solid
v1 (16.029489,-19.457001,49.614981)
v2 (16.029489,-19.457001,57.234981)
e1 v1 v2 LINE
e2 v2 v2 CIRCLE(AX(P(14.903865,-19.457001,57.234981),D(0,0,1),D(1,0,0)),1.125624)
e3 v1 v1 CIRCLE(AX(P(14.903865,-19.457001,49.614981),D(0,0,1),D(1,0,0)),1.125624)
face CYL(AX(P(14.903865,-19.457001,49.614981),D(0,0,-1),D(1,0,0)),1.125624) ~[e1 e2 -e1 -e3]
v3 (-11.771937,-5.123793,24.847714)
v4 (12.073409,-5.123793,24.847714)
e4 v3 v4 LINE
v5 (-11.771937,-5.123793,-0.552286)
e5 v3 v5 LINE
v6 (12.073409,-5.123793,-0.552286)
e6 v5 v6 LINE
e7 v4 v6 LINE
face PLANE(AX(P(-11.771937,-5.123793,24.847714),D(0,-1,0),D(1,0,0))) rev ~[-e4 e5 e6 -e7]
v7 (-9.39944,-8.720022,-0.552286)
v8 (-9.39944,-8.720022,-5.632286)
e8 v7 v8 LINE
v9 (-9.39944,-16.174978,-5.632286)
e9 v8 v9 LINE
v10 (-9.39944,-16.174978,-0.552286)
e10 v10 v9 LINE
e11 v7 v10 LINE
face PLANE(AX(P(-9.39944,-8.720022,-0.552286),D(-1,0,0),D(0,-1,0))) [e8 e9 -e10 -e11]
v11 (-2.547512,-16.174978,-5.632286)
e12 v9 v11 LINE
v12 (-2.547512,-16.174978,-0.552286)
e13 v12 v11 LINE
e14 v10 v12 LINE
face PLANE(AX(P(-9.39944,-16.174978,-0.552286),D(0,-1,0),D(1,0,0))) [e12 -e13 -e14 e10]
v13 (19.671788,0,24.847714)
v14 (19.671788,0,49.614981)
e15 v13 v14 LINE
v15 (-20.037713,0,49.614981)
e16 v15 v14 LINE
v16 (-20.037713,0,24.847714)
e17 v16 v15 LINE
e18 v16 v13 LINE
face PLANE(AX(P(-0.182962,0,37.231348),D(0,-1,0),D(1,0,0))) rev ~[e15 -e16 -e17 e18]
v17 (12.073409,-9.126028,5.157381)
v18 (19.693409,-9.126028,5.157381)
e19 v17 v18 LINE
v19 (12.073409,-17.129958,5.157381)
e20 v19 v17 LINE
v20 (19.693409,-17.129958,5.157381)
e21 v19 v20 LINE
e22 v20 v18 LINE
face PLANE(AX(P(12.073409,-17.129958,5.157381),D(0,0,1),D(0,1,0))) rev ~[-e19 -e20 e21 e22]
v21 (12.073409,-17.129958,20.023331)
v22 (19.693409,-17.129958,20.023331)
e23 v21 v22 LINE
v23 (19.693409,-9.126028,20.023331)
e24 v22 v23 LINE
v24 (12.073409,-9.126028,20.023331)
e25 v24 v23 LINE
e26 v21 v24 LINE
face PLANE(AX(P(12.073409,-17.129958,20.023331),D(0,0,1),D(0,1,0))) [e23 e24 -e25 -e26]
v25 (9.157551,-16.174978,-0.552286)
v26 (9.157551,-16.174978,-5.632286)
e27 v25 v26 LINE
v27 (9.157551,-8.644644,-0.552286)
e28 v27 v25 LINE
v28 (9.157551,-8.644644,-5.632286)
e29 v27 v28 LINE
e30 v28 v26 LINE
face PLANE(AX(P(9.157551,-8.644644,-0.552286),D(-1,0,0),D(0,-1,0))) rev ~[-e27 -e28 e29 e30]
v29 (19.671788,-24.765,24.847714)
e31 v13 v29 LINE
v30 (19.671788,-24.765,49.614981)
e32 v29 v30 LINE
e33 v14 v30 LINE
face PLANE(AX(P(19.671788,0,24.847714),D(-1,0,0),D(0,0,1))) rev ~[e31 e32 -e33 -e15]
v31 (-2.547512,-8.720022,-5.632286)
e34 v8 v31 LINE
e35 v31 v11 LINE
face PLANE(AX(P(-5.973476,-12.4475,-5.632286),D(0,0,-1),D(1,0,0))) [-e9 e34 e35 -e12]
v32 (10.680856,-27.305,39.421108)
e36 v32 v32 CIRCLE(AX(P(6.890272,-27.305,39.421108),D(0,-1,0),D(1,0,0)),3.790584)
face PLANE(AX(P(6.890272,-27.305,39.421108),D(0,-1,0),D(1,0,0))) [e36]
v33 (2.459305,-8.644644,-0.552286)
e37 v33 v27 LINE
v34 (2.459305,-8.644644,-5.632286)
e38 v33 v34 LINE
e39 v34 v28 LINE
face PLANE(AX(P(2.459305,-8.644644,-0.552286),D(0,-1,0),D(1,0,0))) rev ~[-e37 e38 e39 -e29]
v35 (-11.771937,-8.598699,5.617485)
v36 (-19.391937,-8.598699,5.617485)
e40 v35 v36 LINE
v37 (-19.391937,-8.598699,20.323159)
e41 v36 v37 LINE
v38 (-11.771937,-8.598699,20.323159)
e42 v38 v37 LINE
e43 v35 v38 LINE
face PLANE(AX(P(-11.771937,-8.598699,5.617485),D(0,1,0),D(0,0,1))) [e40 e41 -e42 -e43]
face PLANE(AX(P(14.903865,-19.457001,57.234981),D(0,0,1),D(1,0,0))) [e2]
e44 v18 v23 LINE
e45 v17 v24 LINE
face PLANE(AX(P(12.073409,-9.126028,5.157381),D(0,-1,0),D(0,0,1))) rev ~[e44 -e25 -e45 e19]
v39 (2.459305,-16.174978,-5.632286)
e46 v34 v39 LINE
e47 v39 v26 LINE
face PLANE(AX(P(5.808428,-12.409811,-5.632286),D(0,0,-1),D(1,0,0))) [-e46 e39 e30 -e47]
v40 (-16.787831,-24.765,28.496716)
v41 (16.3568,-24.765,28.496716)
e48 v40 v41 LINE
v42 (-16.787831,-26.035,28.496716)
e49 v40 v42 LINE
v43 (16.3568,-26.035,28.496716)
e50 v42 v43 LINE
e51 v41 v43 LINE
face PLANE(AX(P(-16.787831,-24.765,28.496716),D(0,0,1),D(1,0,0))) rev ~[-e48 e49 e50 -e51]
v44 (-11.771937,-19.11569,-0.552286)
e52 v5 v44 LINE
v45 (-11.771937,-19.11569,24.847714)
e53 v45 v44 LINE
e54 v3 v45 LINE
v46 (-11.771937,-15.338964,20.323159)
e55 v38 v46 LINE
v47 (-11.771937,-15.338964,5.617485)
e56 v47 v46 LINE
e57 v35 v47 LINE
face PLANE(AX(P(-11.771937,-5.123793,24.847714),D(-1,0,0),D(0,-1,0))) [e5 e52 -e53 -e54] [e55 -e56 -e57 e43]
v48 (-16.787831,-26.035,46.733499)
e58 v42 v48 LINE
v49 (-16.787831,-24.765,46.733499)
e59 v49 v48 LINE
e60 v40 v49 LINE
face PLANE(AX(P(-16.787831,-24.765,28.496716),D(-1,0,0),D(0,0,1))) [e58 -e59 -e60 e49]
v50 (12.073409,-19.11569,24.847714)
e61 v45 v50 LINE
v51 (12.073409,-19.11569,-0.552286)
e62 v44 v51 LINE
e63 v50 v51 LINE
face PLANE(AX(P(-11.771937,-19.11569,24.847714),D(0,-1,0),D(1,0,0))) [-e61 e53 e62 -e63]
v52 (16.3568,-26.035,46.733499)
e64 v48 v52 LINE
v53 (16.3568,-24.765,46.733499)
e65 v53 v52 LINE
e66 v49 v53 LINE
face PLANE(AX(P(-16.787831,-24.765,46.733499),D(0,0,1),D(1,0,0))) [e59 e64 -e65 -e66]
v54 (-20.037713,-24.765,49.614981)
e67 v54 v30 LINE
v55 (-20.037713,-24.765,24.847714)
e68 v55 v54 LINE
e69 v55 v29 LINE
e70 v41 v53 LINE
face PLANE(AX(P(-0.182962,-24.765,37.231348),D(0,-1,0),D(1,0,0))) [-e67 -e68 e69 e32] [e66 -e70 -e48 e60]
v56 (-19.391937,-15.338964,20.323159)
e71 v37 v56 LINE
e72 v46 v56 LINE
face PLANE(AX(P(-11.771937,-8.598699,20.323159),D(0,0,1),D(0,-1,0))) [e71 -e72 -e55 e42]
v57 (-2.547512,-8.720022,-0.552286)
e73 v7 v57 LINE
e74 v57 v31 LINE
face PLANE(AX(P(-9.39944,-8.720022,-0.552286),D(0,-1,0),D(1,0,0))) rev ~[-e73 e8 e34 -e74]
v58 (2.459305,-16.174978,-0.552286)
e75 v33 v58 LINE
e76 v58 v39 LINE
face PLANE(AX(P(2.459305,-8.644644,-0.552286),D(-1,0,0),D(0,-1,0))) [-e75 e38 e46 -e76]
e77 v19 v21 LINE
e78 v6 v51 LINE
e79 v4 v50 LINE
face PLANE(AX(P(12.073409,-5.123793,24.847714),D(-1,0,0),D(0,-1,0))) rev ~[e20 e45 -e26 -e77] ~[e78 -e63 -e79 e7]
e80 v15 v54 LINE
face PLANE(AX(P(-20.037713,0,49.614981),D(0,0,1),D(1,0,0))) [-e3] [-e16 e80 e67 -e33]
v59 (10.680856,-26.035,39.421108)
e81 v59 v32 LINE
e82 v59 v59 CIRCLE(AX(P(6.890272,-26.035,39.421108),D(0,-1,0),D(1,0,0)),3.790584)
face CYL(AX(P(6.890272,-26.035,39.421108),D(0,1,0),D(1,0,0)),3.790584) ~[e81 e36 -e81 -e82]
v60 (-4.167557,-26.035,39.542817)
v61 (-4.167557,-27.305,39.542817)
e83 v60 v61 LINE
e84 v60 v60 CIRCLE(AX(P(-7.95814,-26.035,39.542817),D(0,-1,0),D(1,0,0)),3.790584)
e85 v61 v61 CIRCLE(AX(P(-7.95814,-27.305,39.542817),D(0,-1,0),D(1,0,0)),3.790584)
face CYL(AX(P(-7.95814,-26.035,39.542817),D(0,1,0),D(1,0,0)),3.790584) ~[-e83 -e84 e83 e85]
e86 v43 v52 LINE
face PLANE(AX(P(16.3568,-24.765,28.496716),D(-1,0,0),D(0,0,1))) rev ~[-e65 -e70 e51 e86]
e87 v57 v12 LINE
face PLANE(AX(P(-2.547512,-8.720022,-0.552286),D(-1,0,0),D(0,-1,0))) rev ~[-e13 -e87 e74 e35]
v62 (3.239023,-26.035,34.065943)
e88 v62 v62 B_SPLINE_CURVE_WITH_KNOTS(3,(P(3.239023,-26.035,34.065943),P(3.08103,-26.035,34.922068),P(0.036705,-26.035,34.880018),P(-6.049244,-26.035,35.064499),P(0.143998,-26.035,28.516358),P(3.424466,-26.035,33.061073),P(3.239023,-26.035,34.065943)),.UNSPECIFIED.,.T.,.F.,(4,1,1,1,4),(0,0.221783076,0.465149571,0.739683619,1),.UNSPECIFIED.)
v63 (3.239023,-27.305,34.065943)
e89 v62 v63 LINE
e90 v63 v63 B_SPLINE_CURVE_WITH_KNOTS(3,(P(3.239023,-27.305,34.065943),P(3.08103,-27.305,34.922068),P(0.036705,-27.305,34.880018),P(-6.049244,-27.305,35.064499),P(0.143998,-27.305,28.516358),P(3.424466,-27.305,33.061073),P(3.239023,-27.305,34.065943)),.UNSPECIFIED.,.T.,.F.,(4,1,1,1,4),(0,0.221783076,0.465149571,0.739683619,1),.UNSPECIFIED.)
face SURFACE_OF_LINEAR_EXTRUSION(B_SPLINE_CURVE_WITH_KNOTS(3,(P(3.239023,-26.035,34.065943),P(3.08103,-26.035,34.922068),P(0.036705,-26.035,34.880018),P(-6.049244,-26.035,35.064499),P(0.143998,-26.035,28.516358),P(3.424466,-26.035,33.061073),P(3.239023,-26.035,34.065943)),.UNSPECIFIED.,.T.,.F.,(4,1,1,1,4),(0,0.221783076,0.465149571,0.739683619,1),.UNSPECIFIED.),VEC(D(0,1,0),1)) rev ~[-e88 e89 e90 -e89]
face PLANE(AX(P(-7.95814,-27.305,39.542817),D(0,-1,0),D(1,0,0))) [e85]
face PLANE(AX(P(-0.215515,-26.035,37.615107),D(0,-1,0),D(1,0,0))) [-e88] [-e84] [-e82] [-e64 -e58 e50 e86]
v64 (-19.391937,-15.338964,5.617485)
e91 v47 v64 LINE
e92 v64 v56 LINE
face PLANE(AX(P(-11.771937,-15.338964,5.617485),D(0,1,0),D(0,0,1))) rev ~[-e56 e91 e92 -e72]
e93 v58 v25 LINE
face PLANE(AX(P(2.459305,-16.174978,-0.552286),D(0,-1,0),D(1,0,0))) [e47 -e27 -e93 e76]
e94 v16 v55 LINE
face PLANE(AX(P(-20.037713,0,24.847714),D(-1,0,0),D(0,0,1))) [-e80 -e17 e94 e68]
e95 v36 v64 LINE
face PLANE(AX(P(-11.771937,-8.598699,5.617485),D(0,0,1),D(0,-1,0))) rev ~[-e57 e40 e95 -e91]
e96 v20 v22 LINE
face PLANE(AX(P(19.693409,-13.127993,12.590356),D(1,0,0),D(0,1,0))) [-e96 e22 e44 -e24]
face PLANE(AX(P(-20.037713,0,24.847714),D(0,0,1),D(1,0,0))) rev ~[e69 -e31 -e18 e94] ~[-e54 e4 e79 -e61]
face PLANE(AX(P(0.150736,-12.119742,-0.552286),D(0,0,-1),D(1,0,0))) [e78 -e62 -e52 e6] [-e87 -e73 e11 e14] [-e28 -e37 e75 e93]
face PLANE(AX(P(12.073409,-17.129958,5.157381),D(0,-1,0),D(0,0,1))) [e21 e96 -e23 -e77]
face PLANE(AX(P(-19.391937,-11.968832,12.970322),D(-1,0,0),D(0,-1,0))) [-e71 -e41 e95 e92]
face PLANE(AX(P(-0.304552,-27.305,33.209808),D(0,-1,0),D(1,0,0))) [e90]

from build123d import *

# Parameters (mm, degrees)
F0_W      = 39.7095009685
F0_H      = 24.7672665864
F1_DEPTH  = 24.765
F2_W      = 23.8453457132
F2_H      = 13.9918969944
F3_DEPTH  = 25.4
F4_W      = 6.7402645946
F4_H      = 14.7056742571
F5_DEPTH  = 7.62
F6_W      = 8.0039296299
F6_H      = 14.8659497499
F7_DEPTH  = 7.62
F8_W      = 6.8519285414
F8_H      = 7.4549559504
F8_W_2    = 6.698246114
F8_H_2    = 7.5303334743
F9_DEPTH  = 5.08
F10_W     = 33.1446304917
F10_H     = 18.2367824018
F11_DEPTH = 1.27
F12_R     = 3.790583573
F12_R_2   = 3.790584201
F13_DEPTH = 1.27
F14_R     = 1.1256242995
F15_DEPTH = 7.62


with BuildPart() as f1:
    # F0 (on Front) → F1 (new body)
    with BuildSketch(Plane.XZ):
        with Locations((-0.1829620451, 37.2313475236)):
            Rectangle(F0_W, F0_H)
    extrude(amount=F1_DEPTH)

    # F2 (on face) → F3 (join)
    with BuildSketch(Plane(origin=(0, 0, 24.8477142304), x_dir=(1, 0, 0), z_dir=(0, 0, -1))):
        with Locations((0.1507359557, 12.1197416447)):
            Rectangle(F2_W, F2_H)
    extrude(amount=F3_DEPTH)

    # F4 (on face) → F5 (join)
    with BuildSketch(Plane(origin=(-11.7719369009, 0, 0), x_dir=(0, -1, 0), z_dir=(-1, 0, 0))):
        with Locations((11.9688315317, 12.9703220446)):
            Rectangle(F4_W, F4_H)
    extrude(amount=F5_DEPTH)

    # F6 (on face) → F7 (join)
    with BuildSketch(Plane.YZ.offset(12.0734088123)):
        with Locations((-13.127992861, 12.5903561711)):
            Rectangle(F6_W, F6_H)
    extrude(amount=F7_DEPTH)

    # F8 (on face) → F9 (join)
    with BuildSketch(Plane(origin=(0, 0, -0.5522857696), x_dir=(1, 0, 0), z_dir=(0, 0, -1))):
        with Locations((-5.9734758688, 12.4474996701)):
            Rectangle(F8_W, F8_H)
        with Locations((5.8084283955, 12.4098109081)):
            Rectangle(F8_W_2, F8_H_2)
    extrude(amount=F9_DEPTH)

    # F10 (on face) → F11 (join)
    with BuildSketch(Plane.XZ.offset(24.765)):
        with Locations((-0.2155154943, 37.6151073724)):
            Rectangle(F10_W, F10_H)
    extrude(amount=F11_DEPTH)

    # F12 (on face) → F13 (join)
    with BuildSketch(Plane.XZ.offset(26.035)):
        with Locations((-7.9581402242, 39.5428165793)):
            Circle(F12_R)
        with Locations((6.8902717903, 39.42110762)):
            Circle(F12_R_2)
        with BuildLine():
            add(Edge.make_bspline(
                [(3.2390230335, 34.0659432113), (3.0810302353, 34.9220679818), (0.036704506, 34.8800177819), (-6.049244101, 35.0644989514), (0.143997862, 28.5163578143), (3.4244660087, 33.0610725698), (3.2390230335, 34.0659432113)],
                knots=[0, 0, 0, 0, 0.2217830764, 0.4651495707, 0.7396836186, 1, 1, 1, 1], degree=3))
        make_face()
    extrude(amount=F13_DEPTH)

    # F14 (on face) → F15 (join)
    with BuildSketch(Plane.XY.offset(49.6149808168)):
        with Locations((14.9038648233, -19.4570012391)):
            Circle(F14_R)
    extrude(amount=F15_DEPTH)


solid = f1.part
